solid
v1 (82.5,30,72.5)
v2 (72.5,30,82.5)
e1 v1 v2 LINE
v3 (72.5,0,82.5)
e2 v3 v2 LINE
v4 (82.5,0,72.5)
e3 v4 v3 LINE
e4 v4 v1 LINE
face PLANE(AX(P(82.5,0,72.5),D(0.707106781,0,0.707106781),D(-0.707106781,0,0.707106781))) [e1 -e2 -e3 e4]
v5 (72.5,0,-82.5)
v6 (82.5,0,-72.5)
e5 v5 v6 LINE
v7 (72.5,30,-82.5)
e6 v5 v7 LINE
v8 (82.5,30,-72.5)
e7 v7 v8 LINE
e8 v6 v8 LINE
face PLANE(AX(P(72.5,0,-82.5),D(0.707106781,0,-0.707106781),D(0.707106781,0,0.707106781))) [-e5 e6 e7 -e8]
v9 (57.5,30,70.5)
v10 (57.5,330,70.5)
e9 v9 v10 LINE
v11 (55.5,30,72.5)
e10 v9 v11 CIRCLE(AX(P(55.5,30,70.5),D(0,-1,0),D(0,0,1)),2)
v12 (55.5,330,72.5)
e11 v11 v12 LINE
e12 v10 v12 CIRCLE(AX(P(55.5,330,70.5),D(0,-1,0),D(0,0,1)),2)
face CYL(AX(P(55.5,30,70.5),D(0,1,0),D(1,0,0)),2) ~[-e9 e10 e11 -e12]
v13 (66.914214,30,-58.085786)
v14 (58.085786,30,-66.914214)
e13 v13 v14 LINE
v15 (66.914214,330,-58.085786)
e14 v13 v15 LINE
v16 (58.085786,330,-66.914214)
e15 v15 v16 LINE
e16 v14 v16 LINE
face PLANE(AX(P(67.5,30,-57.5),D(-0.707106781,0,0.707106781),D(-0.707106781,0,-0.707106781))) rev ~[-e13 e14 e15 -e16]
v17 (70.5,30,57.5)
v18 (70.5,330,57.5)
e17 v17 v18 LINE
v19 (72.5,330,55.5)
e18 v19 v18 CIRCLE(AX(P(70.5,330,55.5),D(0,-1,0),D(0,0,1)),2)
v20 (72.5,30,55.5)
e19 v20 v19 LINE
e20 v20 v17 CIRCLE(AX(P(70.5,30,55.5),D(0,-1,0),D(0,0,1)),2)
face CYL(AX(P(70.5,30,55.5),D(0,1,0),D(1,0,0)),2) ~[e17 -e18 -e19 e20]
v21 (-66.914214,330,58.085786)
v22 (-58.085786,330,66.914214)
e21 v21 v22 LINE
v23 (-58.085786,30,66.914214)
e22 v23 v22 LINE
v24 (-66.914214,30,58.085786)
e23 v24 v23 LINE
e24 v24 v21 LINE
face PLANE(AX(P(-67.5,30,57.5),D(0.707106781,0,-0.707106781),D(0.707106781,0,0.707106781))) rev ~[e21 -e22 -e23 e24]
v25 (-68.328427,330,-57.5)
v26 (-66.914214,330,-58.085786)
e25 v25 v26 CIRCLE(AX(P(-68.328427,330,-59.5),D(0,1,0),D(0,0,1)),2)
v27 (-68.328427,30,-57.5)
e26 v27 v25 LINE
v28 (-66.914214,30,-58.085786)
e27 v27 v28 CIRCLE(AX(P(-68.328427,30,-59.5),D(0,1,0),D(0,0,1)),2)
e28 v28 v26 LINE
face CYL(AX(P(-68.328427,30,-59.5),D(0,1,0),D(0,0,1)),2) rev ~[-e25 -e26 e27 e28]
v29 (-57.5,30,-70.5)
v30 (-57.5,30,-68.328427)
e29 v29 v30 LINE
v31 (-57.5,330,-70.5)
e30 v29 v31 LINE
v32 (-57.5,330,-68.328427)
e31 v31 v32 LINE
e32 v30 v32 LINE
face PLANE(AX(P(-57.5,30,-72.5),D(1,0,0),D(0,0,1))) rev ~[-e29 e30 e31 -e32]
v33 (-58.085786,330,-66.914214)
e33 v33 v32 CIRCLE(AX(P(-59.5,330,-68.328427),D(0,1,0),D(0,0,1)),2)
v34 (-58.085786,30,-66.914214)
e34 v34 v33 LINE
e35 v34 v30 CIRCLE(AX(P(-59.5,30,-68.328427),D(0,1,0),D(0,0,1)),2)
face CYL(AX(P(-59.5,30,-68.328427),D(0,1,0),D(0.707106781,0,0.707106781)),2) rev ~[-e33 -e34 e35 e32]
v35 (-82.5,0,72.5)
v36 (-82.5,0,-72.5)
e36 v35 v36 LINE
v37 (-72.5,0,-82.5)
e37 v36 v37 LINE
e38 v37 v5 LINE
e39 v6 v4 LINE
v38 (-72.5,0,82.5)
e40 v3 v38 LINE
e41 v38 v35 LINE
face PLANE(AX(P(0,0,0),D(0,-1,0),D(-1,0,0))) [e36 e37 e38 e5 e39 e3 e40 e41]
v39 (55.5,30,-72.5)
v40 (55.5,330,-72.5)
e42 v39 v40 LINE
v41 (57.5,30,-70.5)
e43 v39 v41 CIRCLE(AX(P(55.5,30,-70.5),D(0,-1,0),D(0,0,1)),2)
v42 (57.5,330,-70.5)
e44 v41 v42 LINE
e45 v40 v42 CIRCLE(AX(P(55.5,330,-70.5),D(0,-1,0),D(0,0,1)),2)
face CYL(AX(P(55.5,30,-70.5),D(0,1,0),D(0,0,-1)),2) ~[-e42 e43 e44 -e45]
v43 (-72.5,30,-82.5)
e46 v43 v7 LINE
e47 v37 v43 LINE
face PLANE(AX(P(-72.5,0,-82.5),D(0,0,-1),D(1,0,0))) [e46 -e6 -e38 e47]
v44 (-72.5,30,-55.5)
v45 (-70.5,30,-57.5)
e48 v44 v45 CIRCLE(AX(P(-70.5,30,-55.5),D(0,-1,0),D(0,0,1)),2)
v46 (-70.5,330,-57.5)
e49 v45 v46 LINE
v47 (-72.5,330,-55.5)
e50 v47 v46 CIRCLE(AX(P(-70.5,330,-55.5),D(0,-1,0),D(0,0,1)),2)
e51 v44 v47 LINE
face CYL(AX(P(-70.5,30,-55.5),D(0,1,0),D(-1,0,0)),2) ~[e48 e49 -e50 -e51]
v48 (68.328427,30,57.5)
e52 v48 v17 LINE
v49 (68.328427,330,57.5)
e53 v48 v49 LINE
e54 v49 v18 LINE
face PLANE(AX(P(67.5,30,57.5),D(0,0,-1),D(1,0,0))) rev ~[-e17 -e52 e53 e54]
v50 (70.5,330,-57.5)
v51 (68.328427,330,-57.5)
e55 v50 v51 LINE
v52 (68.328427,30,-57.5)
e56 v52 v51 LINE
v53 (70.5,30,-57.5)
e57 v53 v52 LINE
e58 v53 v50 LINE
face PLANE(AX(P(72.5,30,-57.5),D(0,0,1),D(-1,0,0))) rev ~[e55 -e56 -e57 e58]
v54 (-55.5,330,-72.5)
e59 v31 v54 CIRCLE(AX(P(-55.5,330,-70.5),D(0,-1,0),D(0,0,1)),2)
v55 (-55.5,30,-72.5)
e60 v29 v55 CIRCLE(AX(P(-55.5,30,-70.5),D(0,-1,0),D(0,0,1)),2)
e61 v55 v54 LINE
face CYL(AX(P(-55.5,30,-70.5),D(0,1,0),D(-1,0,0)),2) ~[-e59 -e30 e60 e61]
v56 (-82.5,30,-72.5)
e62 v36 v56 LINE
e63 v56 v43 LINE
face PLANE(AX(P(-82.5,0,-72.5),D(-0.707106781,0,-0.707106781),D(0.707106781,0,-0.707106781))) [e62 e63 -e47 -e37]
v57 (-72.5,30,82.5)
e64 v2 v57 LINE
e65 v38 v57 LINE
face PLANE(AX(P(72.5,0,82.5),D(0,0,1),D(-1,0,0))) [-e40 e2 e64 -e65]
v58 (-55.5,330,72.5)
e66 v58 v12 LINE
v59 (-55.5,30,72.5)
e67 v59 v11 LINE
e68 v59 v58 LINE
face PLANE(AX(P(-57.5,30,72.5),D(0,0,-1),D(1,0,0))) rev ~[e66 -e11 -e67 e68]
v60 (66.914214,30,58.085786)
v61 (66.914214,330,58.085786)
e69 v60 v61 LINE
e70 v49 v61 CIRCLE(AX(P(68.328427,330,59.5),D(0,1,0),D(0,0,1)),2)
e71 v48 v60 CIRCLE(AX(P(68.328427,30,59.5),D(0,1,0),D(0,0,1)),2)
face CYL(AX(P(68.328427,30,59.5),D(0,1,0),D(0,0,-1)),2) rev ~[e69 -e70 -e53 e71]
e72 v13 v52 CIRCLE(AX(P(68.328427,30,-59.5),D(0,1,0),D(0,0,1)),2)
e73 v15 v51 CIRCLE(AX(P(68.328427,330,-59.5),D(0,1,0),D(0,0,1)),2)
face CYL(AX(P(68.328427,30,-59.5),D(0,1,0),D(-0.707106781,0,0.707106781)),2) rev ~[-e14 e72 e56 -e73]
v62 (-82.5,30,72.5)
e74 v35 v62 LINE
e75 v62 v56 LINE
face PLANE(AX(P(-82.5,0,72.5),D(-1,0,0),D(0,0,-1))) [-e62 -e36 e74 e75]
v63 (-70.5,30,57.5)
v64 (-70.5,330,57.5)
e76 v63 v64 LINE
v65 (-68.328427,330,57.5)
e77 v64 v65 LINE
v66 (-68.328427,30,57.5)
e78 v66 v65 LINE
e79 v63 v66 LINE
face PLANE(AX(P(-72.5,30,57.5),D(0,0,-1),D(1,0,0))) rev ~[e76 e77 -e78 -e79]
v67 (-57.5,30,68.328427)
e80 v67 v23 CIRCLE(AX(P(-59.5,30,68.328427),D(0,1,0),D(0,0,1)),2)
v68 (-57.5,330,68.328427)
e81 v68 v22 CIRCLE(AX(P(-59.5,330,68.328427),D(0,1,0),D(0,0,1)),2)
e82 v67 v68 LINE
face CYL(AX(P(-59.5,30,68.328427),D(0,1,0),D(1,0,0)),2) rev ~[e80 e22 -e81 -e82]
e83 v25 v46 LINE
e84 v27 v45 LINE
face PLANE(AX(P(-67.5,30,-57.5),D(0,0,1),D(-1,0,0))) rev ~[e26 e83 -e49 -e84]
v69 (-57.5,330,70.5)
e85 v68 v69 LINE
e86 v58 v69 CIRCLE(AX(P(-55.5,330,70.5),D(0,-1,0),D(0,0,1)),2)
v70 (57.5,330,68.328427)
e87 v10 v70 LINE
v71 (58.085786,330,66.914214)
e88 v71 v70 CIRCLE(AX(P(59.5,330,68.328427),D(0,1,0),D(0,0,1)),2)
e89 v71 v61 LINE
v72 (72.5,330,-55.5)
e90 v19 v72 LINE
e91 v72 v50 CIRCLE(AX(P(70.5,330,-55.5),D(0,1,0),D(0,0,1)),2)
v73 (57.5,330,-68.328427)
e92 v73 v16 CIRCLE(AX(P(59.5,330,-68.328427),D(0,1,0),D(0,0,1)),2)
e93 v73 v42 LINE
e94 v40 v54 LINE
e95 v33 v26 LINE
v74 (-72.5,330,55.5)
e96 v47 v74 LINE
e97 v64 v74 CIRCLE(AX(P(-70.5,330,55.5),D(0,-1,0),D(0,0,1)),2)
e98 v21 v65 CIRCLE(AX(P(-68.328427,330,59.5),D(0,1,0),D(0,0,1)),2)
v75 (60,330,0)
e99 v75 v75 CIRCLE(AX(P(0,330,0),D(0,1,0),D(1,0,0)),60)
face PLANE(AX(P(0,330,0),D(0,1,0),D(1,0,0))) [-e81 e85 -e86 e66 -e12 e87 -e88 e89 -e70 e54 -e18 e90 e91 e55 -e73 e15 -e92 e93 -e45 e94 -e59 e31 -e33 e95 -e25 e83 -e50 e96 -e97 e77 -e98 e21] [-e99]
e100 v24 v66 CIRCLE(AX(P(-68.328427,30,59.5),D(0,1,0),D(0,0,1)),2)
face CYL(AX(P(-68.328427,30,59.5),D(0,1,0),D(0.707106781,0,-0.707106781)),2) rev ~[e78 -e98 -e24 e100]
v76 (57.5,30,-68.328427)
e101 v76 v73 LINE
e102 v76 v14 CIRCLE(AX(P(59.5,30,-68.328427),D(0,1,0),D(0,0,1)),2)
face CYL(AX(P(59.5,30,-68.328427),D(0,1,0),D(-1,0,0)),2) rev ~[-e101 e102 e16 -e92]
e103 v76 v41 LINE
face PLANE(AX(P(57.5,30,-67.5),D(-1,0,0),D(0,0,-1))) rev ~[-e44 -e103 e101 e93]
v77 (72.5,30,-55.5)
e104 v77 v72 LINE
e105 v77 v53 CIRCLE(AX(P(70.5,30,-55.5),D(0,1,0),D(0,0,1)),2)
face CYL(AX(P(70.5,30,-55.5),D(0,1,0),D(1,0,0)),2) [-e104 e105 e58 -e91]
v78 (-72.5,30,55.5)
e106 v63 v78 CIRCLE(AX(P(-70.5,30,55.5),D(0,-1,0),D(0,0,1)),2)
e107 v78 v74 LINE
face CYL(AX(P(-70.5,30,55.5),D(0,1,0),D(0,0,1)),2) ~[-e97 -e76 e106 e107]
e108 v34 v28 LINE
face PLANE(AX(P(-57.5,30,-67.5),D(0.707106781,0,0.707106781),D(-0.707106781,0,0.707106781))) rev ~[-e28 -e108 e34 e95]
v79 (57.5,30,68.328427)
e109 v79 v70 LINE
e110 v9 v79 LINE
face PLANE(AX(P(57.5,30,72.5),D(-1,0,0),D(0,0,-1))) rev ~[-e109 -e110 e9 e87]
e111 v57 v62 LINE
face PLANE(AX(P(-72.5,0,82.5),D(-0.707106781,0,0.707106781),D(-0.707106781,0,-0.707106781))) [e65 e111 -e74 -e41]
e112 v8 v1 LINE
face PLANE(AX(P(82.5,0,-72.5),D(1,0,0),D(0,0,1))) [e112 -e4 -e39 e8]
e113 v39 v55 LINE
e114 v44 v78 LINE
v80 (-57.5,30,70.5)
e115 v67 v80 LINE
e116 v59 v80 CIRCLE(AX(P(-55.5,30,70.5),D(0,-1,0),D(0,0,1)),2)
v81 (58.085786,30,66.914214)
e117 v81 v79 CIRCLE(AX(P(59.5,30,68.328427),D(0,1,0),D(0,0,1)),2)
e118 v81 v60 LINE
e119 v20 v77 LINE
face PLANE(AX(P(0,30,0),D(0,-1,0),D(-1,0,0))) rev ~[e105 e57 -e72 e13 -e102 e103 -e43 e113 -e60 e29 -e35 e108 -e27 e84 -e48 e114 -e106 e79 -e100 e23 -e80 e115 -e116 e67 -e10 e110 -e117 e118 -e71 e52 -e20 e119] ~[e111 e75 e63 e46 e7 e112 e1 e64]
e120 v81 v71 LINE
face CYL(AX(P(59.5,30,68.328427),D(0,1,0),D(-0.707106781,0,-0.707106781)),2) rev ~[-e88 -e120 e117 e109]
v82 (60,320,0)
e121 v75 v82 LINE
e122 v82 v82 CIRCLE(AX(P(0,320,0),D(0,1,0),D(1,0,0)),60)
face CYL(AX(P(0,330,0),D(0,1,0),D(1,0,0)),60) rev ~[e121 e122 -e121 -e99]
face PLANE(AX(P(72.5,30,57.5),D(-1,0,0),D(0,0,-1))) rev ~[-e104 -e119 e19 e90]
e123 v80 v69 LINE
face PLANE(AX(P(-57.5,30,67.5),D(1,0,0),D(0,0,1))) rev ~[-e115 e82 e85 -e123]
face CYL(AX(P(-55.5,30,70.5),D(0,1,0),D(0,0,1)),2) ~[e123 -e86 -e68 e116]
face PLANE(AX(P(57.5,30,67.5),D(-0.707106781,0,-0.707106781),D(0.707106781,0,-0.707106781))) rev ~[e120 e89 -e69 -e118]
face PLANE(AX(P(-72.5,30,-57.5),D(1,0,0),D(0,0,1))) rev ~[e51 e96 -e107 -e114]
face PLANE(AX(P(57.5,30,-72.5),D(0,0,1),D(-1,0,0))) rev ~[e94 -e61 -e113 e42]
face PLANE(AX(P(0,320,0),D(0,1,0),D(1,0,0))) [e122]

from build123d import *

# Parameters (mm, degrees)
BOSS_EXTRUDE1_DEPTH = 30
BOSS_EXTRUDE2_DEPTH = 300
SKETCH3_R           = 60
CUT_EXTRUDE1_DEPTH  = 10
FILLET1_R           = 2


with BuildPart() as part:
    # Sketch1 → Boss-Extrude1 (new body)
    with BuildSketch(Plane(origin=(0, 0, 0), x_dir=(1, 0, 0), z_dir=(0, 1, 0))):
        Polygon((-82.5, 72.5), (-72.5, 82.5), (72.5, 82.5), (82.5, 72.5), (82.5, -72.5), (72.5, -82.5), (-72.5, -82.5), (-82.5, -72.5), align=None)
    extrude(amount=BOSS_EXTRUDE1_DEPTH)

    # Sketch2 → Boss-Extrude2 (add)
    with BuildSketch(Plane(origin=(0, 30, 0), x_dir=(1, 0, 0), z_dir=(0, 1, 0))):
        Polygon((72.5, 57.5), (67.5, 57.5), (57.5, 67.5), (57.5, 72.5), (-57.5, 72.5), (-57.5, 67.5), (-67.5, 57.5), (-72.5, 57.5), (-72.5, -57.5), (-67.5, -57.5), (-57.5, -67.5), (-57.5, -72.5), (57.5, -72.5), (57.5, -67.5), (67.5, -57.5), (72.5, -57.5), align=None)
    extrude(amount=BOSS_EXTRUDE2_DEPTH)

    # Sketch3 → Cut-Extrude1 (cut)
    with BuildSketch(Plane(origin=(0, 330, 0), x_dir=(1, 0, 0), z_dir=(0, 1, 0))):
        Circle(SKETCH3_R)
    extrude(amount=-CUT_EXTRUDE1_DEPTH, mode=Mode.SUBTRACT)

    # Fillet1
    fillet1_edges = [part.edges().sort_by_distance(p)[0] for p in [
        (72.5, 180, 57.5),
        (72.5, 180, -57.5),
        (67.5, 180, -57.5),
        (57.5, 180, -67.5),
        (57.5, 180, -72.5),
        (-57.5, 180, -72.5),
        (-57.5, 180, -67.5),
        (-67.5, 180, -57.5),
        (-72.5, 180, -57.5),
        (-72.5, 180, 57.5),
        (-67.5, 180, 57.5),
        (-57.5, 180, 67.5),
        (-57.5, 180, 72.5),
        (57.5, 180, 72.5),
        (57.5, 180, 67.5),
        (67.5, 180, 57.5),
    ]]
    fillet(fillet1_edges, radius=FILLET1_R)


solid = part.part
